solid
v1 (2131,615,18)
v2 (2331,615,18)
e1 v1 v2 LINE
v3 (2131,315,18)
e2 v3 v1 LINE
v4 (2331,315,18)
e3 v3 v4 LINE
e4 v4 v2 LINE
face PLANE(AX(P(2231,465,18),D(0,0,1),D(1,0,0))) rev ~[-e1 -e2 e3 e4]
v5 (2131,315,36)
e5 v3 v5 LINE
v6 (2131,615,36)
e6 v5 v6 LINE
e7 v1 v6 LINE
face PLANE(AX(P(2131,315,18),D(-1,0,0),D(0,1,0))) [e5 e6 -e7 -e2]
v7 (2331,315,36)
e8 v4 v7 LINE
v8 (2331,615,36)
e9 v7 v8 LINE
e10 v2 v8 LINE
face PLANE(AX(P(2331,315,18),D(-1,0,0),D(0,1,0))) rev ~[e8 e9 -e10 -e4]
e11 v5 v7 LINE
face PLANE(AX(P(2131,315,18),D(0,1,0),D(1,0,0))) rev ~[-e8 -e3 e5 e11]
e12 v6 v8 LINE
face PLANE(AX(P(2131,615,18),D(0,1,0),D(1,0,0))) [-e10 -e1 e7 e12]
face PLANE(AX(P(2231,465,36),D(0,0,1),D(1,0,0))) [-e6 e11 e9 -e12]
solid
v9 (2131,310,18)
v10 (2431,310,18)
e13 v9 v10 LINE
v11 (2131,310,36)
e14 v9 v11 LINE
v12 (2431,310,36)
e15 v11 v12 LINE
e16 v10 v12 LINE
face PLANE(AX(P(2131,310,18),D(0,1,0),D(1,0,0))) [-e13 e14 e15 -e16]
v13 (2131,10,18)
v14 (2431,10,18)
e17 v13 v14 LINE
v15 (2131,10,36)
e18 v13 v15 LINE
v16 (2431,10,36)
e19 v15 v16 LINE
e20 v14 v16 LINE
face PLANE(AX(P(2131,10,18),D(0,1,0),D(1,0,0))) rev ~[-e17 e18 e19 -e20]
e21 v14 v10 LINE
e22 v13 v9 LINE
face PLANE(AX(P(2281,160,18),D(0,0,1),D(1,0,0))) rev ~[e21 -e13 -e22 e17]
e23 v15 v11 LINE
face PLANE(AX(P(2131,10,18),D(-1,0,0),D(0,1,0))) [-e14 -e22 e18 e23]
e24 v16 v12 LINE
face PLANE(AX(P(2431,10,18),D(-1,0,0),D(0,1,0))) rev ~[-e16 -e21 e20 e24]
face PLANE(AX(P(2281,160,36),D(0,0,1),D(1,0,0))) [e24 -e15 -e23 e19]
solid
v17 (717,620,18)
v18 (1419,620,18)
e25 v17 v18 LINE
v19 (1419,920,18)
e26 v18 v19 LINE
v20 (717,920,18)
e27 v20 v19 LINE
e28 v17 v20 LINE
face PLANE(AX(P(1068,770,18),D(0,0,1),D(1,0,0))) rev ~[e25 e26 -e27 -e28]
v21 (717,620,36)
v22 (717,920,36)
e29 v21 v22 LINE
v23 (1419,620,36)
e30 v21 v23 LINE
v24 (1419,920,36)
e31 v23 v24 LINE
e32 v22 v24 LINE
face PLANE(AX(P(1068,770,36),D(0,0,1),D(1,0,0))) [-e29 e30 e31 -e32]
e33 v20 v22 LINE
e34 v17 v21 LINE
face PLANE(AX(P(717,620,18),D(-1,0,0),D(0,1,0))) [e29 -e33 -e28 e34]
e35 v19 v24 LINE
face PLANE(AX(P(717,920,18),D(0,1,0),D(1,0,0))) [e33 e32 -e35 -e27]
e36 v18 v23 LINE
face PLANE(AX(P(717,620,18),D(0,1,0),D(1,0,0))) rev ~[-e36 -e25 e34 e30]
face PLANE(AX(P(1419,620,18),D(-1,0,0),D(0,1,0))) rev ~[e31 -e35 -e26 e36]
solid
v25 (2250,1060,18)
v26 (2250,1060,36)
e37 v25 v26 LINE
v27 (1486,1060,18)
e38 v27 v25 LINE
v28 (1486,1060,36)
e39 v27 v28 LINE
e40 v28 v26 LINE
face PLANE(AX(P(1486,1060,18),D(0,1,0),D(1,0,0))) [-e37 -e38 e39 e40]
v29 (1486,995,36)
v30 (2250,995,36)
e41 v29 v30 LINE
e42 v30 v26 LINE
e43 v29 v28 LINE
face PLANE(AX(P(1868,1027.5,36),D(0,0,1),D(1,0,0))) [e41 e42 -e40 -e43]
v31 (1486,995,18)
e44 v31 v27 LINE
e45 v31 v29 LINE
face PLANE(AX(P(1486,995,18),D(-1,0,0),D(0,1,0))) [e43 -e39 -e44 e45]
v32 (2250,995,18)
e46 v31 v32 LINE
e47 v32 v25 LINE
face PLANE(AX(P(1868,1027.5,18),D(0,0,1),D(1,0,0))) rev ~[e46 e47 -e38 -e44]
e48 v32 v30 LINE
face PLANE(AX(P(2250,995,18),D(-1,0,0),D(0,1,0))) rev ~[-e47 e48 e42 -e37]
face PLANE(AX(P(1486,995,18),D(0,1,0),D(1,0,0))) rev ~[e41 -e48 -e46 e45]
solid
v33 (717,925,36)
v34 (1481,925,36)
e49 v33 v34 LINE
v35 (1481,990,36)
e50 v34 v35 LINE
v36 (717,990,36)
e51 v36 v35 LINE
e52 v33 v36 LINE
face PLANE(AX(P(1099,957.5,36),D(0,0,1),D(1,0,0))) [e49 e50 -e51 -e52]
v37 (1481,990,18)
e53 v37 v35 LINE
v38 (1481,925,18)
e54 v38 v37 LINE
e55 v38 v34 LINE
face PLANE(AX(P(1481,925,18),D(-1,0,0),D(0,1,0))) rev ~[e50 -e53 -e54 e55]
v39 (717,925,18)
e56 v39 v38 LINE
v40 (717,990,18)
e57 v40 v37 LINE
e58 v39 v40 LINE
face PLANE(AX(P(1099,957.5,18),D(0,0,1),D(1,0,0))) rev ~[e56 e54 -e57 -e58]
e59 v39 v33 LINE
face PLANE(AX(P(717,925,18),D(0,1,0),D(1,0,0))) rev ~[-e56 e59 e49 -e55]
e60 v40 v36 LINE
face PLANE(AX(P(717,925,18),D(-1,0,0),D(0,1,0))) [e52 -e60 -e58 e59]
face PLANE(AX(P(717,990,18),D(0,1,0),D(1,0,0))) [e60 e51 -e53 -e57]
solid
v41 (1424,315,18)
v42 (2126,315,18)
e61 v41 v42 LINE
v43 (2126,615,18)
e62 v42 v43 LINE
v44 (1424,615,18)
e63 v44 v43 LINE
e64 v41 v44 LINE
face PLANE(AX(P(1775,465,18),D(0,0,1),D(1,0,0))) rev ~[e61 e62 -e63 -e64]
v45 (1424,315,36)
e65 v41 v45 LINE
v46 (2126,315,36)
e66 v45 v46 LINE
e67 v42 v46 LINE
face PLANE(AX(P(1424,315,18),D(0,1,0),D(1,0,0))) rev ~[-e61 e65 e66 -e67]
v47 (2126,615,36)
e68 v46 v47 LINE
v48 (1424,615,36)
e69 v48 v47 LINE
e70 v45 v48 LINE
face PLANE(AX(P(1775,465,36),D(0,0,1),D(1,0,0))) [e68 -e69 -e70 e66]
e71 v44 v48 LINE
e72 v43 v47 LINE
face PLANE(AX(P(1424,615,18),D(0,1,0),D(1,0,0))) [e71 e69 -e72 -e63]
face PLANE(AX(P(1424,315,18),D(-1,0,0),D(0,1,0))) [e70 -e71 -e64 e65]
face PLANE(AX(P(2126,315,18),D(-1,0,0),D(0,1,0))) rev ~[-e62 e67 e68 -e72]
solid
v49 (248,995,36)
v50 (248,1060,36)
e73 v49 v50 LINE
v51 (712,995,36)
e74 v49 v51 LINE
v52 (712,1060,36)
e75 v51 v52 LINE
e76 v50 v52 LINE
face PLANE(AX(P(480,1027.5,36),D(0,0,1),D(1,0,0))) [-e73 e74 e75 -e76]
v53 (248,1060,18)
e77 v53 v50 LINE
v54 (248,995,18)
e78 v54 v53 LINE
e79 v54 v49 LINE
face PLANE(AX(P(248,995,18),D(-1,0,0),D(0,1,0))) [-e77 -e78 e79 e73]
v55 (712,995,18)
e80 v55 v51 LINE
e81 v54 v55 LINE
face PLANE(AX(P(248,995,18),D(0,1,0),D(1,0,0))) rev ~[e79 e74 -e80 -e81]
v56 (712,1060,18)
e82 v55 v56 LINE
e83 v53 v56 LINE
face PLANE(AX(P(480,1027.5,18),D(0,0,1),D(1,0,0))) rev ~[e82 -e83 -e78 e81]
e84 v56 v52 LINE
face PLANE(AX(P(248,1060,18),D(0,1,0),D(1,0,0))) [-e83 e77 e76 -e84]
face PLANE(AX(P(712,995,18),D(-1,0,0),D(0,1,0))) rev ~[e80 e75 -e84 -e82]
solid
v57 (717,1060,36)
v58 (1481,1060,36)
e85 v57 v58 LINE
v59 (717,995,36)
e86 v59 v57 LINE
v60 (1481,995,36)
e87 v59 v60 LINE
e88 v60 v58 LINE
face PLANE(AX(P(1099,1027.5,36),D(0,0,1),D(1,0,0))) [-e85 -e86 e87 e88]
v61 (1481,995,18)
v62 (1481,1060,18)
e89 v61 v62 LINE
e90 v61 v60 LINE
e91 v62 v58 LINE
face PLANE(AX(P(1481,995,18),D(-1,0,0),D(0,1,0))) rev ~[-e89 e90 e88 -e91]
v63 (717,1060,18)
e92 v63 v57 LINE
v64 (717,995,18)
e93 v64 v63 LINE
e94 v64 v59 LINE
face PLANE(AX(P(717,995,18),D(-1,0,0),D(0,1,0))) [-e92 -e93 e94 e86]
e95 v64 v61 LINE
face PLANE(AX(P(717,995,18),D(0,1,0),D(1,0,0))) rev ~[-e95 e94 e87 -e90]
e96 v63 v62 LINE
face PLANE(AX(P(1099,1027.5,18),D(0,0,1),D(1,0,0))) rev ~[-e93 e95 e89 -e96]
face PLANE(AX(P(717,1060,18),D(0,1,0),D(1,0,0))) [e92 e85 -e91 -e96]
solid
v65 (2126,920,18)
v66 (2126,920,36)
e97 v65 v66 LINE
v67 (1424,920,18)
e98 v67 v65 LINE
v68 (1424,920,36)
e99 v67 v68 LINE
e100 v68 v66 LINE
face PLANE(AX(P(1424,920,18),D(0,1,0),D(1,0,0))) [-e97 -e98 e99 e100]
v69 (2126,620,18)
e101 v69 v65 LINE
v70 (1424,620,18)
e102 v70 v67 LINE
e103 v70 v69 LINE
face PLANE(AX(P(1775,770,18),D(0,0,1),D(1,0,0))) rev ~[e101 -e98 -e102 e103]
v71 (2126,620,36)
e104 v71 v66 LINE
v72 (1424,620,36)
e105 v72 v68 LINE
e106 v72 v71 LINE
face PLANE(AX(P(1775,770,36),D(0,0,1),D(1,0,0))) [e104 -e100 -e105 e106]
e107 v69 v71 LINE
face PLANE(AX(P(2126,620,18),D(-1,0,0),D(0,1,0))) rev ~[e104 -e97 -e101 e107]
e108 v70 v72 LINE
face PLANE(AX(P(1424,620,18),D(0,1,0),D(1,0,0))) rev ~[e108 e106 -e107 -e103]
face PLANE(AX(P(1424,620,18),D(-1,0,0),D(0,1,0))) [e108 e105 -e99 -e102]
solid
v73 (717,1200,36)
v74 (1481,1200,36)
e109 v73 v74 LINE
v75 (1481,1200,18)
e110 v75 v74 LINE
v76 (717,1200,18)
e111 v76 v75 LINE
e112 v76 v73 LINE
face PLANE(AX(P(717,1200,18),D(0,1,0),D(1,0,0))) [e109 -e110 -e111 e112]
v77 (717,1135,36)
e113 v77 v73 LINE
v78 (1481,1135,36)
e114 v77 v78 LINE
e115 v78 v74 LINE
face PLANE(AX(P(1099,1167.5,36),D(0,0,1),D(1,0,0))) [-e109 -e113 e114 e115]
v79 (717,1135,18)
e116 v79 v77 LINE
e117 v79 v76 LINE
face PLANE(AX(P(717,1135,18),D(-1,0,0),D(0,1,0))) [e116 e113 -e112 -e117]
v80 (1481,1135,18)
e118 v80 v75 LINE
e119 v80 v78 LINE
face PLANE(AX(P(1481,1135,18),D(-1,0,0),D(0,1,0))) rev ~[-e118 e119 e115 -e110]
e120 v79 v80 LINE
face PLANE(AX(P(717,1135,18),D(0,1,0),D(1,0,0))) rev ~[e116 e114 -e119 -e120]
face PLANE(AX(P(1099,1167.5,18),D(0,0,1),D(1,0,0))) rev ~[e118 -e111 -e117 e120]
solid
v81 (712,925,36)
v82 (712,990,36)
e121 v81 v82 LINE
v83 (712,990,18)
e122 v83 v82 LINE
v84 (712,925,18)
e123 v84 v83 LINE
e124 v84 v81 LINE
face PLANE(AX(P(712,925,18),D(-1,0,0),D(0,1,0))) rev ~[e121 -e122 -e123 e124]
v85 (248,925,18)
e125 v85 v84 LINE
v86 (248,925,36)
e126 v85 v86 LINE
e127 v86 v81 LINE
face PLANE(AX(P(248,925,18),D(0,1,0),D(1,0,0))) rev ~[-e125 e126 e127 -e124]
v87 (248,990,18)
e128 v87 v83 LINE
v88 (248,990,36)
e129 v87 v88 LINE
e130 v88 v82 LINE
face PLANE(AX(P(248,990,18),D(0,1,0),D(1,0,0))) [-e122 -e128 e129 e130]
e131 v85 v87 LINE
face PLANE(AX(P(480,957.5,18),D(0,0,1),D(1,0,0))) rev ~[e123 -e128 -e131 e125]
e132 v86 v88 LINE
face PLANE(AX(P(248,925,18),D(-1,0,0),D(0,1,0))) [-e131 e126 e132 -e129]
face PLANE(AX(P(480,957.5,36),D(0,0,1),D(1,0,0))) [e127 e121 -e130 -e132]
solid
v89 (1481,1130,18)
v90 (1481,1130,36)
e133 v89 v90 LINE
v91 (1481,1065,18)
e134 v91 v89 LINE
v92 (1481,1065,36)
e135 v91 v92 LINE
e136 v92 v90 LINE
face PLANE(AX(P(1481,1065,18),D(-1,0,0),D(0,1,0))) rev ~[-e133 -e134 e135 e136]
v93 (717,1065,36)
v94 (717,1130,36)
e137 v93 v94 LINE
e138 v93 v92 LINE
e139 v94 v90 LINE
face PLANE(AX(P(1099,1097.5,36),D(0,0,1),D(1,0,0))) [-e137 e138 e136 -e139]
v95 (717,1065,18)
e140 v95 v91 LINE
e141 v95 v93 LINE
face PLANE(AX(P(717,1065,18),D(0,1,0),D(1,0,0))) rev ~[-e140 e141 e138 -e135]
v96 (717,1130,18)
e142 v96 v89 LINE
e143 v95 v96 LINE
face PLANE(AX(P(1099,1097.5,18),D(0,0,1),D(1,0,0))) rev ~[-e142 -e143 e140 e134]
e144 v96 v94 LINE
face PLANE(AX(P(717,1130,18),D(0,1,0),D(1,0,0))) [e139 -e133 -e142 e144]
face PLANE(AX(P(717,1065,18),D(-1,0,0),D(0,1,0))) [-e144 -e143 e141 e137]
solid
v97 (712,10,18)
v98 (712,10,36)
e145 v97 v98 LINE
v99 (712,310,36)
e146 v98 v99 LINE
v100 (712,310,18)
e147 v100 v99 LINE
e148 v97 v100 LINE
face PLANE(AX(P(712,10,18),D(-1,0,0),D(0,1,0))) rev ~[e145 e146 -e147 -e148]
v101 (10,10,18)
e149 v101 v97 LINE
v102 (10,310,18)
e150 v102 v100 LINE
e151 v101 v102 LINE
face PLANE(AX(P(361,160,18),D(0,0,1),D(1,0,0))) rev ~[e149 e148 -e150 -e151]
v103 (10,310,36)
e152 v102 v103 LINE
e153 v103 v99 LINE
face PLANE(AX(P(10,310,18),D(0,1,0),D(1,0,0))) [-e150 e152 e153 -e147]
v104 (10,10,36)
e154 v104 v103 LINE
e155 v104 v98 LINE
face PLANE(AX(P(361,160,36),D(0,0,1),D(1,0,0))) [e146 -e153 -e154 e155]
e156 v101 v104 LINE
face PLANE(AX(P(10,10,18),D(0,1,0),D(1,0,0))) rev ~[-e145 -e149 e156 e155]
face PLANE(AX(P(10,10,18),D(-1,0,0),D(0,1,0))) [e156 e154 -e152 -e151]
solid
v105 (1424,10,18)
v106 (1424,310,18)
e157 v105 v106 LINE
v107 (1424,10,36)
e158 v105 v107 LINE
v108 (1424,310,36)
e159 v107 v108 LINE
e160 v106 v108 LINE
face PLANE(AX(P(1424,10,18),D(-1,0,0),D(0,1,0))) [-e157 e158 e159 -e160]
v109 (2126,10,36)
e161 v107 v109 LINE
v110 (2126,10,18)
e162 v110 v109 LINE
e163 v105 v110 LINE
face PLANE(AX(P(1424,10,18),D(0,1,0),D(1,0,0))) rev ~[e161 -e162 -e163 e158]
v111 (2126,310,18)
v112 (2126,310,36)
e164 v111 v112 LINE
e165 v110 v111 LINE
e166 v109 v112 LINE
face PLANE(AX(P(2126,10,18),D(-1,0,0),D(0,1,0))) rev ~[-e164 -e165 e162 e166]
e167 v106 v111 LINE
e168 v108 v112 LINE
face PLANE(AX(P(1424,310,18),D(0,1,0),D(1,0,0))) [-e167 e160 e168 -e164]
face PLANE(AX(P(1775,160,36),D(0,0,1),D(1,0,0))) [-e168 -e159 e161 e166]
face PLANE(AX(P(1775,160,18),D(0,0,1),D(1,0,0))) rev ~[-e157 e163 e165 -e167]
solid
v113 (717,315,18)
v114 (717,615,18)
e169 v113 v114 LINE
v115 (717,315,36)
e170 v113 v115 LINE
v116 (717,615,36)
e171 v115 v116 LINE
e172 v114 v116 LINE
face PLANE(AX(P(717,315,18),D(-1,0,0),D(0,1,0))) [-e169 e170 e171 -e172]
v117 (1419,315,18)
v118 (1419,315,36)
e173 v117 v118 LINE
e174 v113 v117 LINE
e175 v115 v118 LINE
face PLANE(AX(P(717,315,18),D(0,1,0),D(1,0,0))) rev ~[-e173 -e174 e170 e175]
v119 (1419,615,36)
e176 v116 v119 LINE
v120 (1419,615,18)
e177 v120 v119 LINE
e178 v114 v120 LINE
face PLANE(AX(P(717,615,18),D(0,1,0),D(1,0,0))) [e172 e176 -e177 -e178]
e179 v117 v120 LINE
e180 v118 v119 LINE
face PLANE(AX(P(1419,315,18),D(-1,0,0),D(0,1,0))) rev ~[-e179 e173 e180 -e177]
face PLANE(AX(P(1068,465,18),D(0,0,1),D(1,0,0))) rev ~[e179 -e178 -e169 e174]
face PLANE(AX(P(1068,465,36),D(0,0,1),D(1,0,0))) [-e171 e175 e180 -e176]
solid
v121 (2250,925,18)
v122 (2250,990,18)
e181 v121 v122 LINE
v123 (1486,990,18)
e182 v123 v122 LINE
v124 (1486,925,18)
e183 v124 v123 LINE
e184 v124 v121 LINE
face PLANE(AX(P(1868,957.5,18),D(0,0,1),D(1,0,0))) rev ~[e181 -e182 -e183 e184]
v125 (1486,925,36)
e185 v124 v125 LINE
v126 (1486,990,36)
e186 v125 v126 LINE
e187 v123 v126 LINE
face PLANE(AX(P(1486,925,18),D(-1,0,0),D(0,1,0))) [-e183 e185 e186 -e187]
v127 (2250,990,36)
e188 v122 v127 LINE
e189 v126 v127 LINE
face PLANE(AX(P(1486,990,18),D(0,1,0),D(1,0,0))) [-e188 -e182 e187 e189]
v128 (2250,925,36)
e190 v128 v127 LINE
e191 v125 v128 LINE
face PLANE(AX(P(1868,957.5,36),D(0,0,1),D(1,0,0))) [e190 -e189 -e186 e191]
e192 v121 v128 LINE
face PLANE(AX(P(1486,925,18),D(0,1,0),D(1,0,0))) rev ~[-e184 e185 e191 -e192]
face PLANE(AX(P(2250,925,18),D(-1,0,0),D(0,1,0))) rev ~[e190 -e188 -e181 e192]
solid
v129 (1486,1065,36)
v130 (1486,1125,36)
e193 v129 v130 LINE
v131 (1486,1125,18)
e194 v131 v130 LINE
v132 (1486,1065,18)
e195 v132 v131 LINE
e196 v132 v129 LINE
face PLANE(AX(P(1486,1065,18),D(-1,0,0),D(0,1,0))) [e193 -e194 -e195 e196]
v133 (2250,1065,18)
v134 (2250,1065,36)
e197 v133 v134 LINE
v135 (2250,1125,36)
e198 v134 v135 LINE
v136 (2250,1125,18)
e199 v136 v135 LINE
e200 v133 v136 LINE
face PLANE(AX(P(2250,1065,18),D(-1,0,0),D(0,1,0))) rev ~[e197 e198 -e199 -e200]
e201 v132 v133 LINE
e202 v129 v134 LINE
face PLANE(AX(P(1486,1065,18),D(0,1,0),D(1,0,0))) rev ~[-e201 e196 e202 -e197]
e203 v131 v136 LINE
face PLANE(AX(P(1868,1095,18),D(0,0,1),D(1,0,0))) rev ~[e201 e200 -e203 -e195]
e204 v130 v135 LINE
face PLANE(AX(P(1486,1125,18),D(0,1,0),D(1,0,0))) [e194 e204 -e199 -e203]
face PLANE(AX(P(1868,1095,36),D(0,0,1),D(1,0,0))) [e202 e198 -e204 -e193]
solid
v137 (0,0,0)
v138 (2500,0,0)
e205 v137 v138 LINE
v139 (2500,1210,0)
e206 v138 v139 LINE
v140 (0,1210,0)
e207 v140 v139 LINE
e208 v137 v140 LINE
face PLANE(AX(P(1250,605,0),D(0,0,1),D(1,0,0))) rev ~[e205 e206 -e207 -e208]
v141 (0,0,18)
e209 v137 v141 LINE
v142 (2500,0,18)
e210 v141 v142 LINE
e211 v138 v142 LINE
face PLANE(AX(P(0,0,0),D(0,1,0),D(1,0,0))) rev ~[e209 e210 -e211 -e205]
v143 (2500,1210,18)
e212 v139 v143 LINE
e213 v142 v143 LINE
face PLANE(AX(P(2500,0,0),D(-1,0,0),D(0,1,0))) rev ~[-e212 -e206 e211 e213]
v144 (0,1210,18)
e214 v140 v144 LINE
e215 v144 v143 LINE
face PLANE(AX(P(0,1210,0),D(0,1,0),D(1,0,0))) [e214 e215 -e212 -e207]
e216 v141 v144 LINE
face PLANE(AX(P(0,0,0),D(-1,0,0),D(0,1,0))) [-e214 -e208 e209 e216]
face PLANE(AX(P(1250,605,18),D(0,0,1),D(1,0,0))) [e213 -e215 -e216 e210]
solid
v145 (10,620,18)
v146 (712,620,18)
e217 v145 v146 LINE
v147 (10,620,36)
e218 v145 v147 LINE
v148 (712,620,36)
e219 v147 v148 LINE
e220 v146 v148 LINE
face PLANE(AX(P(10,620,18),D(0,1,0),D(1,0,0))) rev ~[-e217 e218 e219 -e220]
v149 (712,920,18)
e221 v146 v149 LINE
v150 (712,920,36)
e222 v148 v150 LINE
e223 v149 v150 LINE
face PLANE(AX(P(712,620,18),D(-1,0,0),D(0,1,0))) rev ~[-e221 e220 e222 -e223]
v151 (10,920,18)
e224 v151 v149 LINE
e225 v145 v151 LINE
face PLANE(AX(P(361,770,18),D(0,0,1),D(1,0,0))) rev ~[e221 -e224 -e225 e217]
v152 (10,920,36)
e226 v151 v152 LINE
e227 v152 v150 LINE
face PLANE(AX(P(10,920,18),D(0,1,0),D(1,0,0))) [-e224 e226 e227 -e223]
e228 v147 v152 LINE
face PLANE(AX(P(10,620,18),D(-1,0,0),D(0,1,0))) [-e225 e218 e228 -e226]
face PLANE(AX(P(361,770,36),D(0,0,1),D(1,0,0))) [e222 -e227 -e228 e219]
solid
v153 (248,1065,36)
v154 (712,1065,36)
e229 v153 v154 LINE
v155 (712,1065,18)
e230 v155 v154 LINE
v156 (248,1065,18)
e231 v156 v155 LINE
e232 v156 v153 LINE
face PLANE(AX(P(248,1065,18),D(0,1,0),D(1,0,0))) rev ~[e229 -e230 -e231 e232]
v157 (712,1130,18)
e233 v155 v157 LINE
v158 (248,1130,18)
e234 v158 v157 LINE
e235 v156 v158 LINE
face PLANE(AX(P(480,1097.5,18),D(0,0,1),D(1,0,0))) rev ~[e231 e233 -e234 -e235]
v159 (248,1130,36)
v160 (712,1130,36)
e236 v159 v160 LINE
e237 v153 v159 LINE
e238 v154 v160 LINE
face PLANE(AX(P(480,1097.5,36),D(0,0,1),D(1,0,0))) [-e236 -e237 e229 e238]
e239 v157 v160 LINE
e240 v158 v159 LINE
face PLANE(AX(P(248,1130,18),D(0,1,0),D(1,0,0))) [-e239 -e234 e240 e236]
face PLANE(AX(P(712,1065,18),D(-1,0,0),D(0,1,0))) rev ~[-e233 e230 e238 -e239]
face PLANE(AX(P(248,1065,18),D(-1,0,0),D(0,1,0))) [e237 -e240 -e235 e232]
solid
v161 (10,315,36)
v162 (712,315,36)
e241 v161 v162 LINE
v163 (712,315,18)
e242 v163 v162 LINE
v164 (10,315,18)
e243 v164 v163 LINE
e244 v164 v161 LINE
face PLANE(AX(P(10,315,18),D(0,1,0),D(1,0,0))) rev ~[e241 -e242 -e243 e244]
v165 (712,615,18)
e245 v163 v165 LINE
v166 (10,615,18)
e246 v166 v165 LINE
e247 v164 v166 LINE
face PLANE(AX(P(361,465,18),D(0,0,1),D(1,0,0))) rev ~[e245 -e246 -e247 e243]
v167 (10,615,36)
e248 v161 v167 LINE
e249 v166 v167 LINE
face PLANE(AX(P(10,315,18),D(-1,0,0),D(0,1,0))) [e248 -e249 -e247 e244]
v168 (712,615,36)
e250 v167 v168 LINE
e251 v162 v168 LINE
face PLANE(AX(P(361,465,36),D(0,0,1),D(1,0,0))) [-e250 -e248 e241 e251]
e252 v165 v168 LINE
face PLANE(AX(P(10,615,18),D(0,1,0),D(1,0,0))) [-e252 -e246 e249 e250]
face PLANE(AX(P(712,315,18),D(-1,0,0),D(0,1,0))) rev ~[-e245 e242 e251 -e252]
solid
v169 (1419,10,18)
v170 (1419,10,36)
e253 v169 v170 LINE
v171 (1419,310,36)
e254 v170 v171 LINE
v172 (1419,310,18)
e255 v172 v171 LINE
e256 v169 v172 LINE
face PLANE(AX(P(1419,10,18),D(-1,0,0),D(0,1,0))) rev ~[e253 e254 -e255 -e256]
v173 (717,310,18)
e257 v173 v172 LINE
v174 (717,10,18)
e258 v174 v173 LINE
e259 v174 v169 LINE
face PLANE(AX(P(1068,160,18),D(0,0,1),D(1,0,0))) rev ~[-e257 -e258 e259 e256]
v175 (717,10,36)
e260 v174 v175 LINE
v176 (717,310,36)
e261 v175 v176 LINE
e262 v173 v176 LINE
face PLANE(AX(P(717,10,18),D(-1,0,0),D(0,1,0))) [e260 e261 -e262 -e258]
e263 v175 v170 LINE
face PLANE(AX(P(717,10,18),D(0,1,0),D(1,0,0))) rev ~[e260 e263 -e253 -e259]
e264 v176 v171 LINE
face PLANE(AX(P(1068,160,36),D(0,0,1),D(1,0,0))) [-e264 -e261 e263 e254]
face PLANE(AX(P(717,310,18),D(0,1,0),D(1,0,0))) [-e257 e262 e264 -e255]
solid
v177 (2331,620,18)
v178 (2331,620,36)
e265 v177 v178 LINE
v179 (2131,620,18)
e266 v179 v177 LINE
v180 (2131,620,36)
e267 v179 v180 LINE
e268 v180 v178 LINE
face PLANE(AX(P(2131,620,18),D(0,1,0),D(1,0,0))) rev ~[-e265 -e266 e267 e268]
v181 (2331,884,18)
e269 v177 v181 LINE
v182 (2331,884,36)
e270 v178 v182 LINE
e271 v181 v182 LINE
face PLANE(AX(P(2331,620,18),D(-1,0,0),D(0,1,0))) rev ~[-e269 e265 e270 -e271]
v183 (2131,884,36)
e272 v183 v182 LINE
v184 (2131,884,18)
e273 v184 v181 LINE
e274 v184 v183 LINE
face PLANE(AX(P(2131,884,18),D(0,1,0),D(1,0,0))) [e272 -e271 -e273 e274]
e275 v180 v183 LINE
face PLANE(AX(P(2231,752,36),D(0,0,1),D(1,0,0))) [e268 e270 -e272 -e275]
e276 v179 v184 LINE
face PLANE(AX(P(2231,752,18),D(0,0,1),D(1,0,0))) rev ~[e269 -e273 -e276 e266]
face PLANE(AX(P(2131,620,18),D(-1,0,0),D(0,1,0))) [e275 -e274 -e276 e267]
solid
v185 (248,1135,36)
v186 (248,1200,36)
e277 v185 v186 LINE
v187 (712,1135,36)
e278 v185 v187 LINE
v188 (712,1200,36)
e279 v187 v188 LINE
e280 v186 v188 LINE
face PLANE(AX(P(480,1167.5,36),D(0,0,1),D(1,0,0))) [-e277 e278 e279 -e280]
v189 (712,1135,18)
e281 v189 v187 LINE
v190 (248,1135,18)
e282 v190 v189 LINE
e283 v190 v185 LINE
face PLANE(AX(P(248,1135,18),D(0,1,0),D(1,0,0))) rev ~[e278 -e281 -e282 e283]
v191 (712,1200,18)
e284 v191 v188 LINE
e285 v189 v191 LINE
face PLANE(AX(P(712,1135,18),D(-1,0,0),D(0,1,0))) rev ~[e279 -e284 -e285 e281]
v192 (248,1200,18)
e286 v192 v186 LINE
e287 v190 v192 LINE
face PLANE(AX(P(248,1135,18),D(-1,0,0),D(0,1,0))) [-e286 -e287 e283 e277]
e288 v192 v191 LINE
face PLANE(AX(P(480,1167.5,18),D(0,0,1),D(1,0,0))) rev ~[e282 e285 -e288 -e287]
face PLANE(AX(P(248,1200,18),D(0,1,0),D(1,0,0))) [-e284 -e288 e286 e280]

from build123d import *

# Parameters (mm, degrees)
F0_W     = 2500
F0_H     = 1210
F1_DEPTH = 18
F2_W     = 702
F2_H     = 300
F2_W_2   = 464
F2_H_2   = 65
F2_W_3   = 764
F2_W_4   = 300
F2_W_5   = 200
F2_H_3   = 264
F2_H_4   = 60
F3_DEPTH = 18


with BuildPart() as f1:
    # F0 (on Top) → F1 (new body)
    with BuildSketch(Plane.XY):
        with Locations((1250, 605)):
            Rectangle(F0_W, F0_H)
    extrude(amount=F1_DEPTH)


with BuildPart() as f3:
    # F2 (on face) → F3 (new body)
    with BuildSketch(Plane.XY.offset(18)):
        with Locations((361, 160)):
            Rectangle(F2_W, F2_H)
        with Locations((361, 465)):
            Rectangle(F2_W, F2_H)
        with Locations((361, 770)):
            Rectangle(F2_W, F2_H)
        with Locations((1068, 160)):
            Rectangle(F2_W, F2_H)
        with Locations((1068, 465)):
            Rectangle(F2_W, F2_H)
        with Locations((1068, 770)):
            Rectangle(F2_W, F2_H)
        with Locations((480, 957.5)):
            Rectangle(F2_W_2, F2_H_2)
        with Locations((480, 1027.5)):
            Rectangle(F2_W_2, F2_H_2)
        with Locations((480, 1097.5)):
            Rectangle(F2_W_2, F2_H_2)
        with Locations((480, 1167.5)):
            Rectangle(F2_W_2, F2_H_2)
        with Locations((1099, 1167.5)):
            Rectangle(F2_W_3, F2_H_2)
        with Locations((1099, 1097.5)):
            Rectangle(F2_W_3, F2_H_2)
        with Locations((1099, 1027.5)):
            Rectangle(F2_W_3, F2_H_2)
        with Locations((1099, 957.5)):
            Rectangle(F2_W_3, F2_H_2)
        with Locations((1775, 160)):
            Rectangle(F2_W, F2_H)
        with Locations((1775, 465)):
            Rectangle(F2_W, F2_H)
        with Locations((2281, 160)):
            Rectangle(F2_W_4, F2_H)
        with Locations((2231, 465)):
            Rectangle(F2_W_5, F2_H)
        with Locations((2231, 752)):
            Rectangle(F2_W_5, F2_H_3)
        with Locations((1775, 770)):
            Rectangle(F2_W, F2_H)
        with Locations((1868, 957.5)):
            Rectangle(F2_W_3, F2_H_2)
        with Locations((1868, 1027.5)):
            Rectangle(F2_W_3, F2_H_2)
        with Locations((1868, 1095)):
            Rectangle(F2_W_3, F2_H_4)
    extrude(amount=F3_DEPTH)


solid = Compound([f1.part, f3.part])
